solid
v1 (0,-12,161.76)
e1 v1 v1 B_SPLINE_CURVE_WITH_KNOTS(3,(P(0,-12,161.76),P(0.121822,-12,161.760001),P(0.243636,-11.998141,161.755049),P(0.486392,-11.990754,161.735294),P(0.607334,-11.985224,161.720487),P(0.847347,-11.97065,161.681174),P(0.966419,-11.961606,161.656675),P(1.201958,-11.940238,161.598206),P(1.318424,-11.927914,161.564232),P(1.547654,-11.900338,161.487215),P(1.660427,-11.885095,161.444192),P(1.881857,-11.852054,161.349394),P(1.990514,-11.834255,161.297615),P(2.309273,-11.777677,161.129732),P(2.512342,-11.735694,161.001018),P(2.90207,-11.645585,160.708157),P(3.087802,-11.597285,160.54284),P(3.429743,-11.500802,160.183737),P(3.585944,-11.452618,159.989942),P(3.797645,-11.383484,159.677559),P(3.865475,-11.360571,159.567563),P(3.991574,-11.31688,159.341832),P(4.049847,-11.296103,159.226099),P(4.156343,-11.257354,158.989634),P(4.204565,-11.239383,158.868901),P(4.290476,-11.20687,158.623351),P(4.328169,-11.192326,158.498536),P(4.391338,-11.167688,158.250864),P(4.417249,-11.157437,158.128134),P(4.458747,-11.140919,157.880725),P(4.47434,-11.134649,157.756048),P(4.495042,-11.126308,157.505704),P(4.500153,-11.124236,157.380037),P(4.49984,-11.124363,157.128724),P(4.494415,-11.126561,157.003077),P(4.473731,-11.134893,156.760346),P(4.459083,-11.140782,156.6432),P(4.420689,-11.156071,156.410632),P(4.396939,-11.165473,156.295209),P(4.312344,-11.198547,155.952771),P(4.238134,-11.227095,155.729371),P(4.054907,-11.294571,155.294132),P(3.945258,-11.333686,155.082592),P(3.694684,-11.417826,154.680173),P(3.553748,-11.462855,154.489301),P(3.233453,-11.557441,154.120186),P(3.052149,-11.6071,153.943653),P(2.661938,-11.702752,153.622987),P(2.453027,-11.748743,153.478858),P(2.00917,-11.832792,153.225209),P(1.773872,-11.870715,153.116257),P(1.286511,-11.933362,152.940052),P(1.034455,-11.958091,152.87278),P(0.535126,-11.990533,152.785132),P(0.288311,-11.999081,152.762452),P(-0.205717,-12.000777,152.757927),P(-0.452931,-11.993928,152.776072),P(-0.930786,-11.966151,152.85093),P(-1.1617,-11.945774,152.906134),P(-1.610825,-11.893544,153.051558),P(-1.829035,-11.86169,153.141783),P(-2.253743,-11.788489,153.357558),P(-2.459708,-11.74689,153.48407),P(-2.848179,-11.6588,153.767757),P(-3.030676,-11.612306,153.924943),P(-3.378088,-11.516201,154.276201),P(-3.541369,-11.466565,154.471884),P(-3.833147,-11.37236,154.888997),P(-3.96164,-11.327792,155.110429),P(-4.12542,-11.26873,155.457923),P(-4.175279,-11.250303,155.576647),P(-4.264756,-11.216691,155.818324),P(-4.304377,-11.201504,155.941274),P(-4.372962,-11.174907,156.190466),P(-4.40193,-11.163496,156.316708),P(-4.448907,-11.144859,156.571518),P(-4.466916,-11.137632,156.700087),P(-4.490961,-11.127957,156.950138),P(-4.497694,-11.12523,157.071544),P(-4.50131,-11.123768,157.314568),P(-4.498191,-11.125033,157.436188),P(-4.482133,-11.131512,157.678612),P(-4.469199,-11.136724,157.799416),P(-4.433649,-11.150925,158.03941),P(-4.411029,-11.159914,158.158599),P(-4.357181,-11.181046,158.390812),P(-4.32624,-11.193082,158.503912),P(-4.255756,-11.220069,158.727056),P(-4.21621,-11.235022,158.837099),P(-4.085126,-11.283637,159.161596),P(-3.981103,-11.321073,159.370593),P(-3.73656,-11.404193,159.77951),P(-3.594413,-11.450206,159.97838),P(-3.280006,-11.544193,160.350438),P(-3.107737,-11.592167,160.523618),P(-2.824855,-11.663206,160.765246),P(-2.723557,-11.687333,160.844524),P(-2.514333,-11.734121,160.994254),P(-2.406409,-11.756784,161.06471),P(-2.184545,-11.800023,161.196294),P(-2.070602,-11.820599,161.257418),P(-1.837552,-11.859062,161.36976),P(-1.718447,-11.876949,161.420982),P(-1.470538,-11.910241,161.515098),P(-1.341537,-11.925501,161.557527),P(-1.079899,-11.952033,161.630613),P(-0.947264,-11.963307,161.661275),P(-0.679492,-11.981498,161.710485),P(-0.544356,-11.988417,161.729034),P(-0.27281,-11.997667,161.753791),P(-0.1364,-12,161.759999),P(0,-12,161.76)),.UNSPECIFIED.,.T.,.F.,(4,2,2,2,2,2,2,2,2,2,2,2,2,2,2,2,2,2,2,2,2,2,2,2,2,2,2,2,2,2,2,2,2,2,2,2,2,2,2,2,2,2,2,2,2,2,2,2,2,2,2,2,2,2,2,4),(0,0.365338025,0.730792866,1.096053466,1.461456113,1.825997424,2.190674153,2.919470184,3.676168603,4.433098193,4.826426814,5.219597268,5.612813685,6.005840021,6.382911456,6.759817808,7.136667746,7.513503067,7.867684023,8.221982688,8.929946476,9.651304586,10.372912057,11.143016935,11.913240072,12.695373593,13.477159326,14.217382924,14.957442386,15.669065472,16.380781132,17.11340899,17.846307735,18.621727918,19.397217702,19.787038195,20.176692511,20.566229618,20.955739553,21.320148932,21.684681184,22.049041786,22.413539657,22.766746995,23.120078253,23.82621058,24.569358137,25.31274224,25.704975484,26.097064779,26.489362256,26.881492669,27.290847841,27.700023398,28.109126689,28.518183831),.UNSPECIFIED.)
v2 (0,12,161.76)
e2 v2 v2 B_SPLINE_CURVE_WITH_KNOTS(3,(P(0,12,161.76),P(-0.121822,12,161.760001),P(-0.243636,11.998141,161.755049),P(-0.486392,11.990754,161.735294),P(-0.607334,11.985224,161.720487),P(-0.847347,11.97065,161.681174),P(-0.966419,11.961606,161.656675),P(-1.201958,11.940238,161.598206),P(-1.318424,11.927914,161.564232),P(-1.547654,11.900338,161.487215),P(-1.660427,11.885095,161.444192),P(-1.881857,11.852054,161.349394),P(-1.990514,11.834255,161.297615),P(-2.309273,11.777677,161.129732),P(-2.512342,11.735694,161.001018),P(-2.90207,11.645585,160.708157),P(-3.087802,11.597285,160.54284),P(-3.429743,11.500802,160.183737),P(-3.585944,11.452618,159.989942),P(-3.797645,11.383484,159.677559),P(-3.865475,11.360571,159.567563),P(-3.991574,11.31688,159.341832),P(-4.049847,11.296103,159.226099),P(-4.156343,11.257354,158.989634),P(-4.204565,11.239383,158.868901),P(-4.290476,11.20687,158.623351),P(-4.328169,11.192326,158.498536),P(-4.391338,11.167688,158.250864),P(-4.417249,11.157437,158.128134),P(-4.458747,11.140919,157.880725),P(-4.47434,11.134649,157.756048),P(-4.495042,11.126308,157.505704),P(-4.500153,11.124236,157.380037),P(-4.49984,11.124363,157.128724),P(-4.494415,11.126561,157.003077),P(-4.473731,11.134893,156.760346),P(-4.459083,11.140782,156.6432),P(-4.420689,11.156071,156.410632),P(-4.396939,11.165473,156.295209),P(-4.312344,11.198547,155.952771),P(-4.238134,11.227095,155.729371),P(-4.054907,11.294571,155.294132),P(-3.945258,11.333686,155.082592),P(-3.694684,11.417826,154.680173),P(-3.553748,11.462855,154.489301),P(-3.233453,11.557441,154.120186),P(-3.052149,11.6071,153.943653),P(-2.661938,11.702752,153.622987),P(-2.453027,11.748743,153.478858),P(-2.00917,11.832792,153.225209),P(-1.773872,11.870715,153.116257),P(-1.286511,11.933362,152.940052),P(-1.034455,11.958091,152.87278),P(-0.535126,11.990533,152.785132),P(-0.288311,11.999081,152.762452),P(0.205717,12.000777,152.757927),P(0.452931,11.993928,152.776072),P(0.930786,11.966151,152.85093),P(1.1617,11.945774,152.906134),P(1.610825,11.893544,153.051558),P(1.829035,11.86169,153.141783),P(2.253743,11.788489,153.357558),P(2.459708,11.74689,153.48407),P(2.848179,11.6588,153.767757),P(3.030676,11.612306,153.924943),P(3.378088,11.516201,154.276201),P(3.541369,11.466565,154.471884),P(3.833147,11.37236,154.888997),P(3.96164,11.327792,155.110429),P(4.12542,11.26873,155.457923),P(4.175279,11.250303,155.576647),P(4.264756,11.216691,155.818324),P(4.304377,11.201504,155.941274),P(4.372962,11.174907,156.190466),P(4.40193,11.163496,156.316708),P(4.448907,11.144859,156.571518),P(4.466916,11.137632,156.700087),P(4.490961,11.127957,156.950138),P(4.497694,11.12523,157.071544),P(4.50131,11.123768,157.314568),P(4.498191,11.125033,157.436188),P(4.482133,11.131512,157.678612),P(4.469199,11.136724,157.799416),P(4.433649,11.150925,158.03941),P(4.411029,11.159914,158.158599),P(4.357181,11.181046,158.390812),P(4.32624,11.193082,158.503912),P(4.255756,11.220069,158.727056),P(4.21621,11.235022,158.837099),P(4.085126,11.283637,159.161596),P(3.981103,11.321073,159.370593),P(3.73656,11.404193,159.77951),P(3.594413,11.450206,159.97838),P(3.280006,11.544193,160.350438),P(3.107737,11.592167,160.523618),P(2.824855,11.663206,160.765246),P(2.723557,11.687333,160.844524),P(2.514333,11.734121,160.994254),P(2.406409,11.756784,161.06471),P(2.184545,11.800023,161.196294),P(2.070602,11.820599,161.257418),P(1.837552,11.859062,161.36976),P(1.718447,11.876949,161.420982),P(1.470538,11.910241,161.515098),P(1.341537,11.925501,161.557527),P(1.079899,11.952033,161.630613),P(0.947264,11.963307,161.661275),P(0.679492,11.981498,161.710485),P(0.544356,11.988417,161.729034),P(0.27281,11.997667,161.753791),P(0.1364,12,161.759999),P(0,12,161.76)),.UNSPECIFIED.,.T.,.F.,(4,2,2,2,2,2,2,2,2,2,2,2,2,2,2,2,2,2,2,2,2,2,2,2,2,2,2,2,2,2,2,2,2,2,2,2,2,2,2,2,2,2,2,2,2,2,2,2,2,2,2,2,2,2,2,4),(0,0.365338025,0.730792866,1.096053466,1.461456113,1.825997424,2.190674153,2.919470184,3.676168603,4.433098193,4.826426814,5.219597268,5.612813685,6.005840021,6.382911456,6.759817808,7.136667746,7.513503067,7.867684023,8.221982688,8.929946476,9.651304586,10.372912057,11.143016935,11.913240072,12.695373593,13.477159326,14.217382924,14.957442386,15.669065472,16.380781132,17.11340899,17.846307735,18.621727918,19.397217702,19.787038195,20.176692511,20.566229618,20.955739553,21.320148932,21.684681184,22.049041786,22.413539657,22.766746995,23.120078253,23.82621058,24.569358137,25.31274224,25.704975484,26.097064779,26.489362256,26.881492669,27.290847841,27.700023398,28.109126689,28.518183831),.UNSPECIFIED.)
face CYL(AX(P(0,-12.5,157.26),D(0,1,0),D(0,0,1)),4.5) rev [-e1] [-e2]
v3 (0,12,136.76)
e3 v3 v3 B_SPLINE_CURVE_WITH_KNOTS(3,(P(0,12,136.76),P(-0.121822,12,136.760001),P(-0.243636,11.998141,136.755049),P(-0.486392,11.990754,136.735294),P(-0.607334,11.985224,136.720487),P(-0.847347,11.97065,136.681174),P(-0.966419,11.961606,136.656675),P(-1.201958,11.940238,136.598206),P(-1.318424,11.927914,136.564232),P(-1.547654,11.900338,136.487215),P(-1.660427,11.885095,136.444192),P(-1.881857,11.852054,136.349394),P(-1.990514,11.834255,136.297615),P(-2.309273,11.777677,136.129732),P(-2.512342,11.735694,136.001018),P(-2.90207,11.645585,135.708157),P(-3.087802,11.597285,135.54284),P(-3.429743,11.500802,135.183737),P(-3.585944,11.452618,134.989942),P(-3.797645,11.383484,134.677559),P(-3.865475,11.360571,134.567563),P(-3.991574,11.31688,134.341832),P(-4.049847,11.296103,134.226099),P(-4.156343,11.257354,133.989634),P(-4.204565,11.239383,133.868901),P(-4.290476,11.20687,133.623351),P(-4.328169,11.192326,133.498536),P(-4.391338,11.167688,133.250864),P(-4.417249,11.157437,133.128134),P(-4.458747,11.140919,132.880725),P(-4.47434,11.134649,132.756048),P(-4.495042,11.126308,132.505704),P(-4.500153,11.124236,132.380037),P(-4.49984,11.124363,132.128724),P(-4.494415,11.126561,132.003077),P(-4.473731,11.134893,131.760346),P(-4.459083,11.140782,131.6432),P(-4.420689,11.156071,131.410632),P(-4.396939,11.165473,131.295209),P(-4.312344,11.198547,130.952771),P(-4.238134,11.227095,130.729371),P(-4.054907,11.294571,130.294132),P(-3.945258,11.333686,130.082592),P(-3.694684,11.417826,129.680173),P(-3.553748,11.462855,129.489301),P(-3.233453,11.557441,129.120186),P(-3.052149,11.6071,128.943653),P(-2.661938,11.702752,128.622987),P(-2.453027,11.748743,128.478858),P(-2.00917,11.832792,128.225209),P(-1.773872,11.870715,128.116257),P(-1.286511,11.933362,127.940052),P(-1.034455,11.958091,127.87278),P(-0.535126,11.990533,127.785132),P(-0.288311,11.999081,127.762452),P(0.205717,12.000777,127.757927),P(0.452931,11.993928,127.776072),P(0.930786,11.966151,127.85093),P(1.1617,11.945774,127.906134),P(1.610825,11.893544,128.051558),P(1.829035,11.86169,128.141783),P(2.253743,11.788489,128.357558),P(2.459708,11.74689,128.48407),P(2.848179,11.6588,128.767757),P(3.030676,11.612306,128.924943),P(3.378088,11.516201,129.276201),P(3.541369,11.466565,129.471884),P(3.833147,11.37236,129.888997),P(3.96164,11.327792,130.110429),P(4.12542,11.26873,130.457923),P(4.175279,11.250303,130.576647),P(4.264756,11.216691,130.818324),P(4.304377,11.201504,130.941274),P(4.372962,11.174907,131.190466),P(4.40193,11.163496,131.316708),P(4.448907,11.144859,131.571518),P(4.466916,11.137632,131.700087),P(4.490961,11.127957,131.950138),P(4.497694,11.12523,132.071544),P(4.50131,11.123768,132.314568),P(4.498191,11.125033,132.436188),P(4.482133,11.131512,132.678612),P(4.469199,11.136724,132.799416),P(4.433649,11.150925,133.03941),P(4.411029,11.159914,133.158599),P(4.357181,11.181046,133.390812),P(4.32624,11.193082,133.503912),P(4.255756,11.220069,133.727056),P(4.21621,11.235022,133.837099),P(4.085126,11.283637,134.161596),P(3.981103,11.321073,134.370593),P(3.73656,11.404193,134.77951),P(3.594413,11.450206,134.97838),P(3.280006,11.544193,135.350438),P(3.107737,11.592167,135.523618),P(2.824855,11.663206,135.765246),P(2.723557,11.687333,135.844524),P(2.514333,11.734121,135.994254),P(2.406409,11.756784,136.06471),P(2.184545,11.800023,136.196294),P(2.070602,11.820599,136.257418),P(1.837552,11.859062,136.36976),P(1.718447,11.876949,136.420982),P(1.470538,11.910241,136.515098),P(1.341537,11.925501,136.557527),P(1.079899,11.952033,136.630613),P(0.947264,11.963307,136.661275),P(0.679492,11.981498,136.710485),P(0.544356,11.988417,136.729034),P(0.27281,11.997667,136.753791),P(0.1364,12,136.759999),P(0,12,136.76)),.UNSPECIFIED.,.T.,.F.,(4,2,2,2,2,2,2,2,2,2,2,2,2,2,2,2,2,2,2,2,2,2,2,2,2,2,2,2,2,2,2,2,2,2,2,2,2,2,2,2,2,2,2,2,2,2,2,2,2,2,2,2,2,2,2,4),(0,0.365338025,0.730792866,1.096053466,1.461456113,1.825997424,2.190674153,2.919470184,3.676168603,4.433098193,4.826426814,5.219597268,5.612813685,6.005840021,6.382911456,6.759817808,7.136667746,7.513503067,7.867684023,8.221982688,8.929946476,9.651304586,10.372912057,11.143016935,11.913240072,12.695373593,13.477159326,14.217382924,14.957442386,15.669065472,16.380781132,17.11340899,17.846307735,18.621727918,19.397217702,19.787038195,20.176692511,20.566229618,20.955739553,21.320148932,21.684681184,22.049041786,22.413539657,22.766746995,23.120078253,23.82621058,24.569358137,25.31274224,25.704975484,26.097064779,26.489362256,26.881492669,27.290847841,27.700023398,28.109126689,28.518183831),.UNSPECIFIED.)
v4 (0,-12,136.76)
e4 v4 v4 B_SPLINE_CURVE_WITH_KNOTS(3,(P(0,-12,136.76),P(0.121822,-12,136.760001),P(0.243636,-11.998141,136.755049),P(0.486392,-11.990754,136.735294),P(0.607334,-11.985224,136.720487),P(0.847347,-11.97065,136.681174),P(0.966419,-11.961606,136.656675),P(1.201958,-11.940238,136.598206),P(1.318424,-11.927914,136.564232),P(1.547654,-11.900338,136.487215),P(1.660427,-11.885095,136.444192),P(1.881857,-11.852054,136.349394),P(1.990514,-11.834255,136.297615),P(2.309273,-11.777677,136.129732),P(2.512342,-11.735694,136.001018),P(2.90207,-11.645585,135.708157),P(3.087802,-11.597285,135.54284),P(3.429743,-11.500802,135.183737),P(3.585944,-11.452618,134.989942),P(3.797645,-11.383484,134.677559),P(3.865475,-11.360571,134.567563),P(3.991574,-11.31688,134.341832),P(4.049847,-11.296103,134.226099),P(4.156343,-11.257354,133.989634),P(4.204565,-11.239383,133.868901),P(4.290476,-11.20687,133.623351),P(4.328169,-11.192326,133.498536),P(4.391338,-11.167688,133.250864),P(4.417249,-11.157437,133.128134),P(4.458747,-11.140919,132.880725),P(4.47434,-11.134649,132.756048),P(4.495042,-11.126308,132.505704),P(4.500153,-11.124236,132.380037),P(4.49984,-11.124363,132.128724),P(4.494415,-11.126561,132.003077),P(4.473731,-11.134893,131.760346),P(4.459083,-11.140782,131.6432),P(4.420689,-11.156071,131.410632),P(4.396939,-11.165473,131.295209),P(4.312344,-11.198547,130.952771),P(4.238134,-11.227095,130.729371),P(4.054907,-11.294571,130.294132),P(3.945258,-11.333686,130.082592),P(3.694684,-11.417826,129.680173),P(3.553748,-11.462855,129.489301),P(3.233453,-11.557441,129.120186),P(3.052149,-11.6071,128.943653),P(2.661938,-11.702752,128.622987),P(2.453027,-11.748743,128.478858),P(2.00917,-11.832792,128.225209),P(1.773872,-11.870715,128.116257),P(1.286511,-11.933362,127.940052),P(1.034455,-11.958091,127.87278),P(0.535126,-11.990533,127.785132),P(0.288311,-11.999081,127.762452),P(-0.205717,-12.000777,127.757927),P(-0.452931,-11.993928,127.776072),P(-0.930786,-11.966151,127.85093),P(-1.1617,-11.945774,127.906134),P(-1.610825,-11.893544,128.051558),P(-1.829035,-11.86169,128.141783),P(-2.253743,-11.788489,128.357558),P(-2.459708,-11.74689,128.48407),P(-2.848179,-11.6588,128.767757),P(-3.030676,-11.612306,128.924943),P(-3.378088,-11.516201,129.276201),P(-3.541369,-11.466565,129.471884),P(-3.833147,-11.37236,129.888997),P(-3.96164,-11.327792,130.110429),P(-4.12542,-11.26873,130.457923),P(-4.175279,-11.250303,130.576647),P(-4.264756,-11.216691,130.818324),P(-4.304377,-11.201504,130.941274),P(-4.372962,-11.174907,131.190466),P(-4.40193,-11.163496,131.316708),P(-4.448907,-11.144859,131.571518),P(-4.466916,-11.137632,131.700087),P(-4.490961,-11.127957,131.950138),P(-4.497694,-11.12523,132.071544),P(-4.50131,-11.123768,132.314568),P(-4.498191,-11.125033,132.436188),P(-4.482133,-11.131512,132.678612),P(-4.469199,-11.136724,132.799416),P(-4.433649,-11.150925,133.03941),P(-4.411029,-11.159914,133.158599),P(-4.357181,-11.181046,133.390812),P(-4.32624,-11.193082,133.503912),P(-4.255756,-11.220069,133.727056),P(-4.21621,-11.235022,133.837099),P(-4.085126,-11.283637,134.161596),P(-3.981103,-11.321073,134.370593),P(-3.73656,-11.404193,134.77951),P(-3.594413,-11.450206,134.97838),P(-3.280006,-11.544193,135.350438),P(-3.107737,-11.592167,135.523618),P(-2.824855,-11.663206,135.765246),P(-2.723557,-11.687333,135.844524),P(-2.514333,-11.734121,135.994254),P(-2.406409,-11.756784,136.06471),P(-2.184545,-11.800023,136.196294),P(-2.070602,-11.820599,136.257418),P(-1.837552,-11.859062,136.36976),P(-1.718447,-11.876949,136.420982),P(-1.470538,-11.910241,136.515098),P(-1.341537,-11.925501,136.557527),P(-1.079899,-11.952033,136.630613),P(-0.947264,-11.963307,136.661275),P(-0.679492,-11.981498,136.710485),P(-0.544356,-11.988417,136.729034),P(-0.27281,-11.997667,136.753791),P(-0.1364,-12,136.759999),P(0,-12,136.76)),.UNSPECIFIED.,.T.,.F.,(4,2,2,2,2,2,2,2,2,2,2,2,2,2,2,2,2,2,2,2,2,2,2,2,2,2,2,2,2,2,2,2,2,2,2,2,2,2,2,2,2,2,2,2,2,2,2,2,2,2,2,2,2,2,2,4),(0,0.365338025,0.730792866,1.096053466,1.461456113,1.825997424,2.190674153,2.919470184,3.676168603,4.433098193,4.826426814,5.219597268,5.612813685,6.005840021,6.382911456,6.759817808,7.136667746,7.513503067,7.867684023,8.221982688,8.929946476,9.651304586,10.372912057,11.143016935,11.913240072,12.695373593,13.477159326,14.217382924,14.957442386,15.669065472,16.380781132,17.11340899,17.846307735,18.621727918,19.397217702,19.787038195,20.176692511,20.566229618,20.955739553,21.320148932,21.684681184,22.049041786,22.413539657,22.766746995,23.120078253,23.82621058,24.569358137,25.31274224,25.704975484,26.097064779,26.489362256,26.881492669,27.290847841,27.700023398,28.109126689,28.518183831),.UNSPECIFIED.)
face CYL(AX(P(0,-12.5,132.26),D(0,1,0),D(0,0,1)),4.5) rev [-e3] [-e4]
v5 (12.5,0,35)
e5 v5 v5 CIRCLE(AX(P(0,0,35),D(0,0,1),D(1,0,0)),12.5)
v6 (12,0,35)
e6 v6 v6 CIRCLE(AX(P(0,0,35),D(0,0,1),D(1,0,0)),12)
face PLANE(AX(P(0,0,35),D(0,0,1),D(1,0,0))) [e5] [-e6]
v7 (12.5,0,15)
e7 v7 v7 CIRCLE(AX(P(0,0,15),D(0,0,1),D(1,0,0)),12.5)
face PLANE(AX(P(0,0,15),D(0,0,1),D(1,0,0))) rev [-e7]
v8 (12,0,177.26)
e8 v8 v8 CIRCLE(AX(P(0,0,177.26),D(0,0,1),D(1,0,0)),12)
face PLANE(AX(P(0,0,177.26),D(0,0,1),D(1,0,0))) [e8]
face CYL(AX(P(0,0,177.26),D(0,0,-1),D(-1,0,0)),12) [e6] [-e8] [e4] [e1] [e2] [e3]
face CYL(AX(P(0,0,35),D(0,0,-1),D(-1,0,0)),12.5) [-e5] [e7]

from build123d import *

# Parameters (mm, degrees)
SKETCH1_R               = 10
BOSS_EXTRUDE1_DEPTH     = 15
SKETCH2_R               = 12.5
BOSS_EXTRUDE2_DEPTH     = 20
SKETCH3_R               = 12
BOSS_EXTRUDE3_DEPTH     = 142.26
SKETCH4_R               = 4.5
CUT_EXTRUDE1_DEPTH      = 179.13929269
CUT_EXTRUDE2_DEPTH      = 179.139292789
CUT_EXTRUDE2_DEPTH_BACK = 179.139292789
SKETCH5_W               = 50.129657838
SKETCH5_H               = 19.874218845
LPATTERN1_COUNT         = 2
LPATTERN1_PITCH         = 25


with BuildPart() as part:
    # Sketch1 → Boss-Extrude1 (new body)
    with BuildSketch(Plane.XY):
        Circle(SKETCH1_R)
    extrude(amount=BOSS_EXTRUDE1_DEPTH)

    # Sketch2 → Boss-Extrude2 (add)
    with BuildSketch(Plane.XY.offset(15)):
        Circle(SKETCH2_R)
    extrude(amount=BOSS_EXTRUDE2_DEPTH)

    # Sketch3 → Boss-Extrude3 (add)
    with BuildSketch(Plane.XY.offset(35)):
        Circle(SKETCH3_R)
    extrude(amount=BOSS_EXTRUDE3_DEPTH)

    # Sketch4 → Cut-Extrude1 (cut, symmetric)
    with BuildSketch(Plane(origin=(0, 0, 0), x_dir=(1, 0, 0), z_dir=(0, 1, 0))):
        with Locations(Location((0, -157.26, 0), (0, 0, 270))):
            Circle(SKETCH4_R)
    cut_extrude1 = extrude(amount=CUT_EXTRUDE1_DEPTH, both=True, mode=Mode.SUBTRACT)

    # Sketch5 → Cut-Extrude2 (cut, two sides: drawn at the far end of the back side and taken through both)
    with BuildSketch(Plane(origin=(0, 0, 0), x_dir=(1, 0, 0), z_dir=(0, 1, 0)).offset(-CUT_EXTRUDE2_DEPTH_BACK)):
        with Locations((-12.564828919, -5.062890578)):
            Rectangle(SKETCH5_W, SKETCH5_H)
    extrude(amount=CUT_EXTRUDE2_DEPTH + CUT_EXTRUDE2_DEPTH_BACK, mode=Mode.SUBTRACT)

    # LPattern1: Cut-Extrude1 ×2
    with Locations(*[(0, 0, -i * LPATTERN1_PITCH) for i in range(1, LPATTERN1_COUNT)]):
        add(cut_extrude1, mode=Mode.SUBTRACT)


solid = part.part
